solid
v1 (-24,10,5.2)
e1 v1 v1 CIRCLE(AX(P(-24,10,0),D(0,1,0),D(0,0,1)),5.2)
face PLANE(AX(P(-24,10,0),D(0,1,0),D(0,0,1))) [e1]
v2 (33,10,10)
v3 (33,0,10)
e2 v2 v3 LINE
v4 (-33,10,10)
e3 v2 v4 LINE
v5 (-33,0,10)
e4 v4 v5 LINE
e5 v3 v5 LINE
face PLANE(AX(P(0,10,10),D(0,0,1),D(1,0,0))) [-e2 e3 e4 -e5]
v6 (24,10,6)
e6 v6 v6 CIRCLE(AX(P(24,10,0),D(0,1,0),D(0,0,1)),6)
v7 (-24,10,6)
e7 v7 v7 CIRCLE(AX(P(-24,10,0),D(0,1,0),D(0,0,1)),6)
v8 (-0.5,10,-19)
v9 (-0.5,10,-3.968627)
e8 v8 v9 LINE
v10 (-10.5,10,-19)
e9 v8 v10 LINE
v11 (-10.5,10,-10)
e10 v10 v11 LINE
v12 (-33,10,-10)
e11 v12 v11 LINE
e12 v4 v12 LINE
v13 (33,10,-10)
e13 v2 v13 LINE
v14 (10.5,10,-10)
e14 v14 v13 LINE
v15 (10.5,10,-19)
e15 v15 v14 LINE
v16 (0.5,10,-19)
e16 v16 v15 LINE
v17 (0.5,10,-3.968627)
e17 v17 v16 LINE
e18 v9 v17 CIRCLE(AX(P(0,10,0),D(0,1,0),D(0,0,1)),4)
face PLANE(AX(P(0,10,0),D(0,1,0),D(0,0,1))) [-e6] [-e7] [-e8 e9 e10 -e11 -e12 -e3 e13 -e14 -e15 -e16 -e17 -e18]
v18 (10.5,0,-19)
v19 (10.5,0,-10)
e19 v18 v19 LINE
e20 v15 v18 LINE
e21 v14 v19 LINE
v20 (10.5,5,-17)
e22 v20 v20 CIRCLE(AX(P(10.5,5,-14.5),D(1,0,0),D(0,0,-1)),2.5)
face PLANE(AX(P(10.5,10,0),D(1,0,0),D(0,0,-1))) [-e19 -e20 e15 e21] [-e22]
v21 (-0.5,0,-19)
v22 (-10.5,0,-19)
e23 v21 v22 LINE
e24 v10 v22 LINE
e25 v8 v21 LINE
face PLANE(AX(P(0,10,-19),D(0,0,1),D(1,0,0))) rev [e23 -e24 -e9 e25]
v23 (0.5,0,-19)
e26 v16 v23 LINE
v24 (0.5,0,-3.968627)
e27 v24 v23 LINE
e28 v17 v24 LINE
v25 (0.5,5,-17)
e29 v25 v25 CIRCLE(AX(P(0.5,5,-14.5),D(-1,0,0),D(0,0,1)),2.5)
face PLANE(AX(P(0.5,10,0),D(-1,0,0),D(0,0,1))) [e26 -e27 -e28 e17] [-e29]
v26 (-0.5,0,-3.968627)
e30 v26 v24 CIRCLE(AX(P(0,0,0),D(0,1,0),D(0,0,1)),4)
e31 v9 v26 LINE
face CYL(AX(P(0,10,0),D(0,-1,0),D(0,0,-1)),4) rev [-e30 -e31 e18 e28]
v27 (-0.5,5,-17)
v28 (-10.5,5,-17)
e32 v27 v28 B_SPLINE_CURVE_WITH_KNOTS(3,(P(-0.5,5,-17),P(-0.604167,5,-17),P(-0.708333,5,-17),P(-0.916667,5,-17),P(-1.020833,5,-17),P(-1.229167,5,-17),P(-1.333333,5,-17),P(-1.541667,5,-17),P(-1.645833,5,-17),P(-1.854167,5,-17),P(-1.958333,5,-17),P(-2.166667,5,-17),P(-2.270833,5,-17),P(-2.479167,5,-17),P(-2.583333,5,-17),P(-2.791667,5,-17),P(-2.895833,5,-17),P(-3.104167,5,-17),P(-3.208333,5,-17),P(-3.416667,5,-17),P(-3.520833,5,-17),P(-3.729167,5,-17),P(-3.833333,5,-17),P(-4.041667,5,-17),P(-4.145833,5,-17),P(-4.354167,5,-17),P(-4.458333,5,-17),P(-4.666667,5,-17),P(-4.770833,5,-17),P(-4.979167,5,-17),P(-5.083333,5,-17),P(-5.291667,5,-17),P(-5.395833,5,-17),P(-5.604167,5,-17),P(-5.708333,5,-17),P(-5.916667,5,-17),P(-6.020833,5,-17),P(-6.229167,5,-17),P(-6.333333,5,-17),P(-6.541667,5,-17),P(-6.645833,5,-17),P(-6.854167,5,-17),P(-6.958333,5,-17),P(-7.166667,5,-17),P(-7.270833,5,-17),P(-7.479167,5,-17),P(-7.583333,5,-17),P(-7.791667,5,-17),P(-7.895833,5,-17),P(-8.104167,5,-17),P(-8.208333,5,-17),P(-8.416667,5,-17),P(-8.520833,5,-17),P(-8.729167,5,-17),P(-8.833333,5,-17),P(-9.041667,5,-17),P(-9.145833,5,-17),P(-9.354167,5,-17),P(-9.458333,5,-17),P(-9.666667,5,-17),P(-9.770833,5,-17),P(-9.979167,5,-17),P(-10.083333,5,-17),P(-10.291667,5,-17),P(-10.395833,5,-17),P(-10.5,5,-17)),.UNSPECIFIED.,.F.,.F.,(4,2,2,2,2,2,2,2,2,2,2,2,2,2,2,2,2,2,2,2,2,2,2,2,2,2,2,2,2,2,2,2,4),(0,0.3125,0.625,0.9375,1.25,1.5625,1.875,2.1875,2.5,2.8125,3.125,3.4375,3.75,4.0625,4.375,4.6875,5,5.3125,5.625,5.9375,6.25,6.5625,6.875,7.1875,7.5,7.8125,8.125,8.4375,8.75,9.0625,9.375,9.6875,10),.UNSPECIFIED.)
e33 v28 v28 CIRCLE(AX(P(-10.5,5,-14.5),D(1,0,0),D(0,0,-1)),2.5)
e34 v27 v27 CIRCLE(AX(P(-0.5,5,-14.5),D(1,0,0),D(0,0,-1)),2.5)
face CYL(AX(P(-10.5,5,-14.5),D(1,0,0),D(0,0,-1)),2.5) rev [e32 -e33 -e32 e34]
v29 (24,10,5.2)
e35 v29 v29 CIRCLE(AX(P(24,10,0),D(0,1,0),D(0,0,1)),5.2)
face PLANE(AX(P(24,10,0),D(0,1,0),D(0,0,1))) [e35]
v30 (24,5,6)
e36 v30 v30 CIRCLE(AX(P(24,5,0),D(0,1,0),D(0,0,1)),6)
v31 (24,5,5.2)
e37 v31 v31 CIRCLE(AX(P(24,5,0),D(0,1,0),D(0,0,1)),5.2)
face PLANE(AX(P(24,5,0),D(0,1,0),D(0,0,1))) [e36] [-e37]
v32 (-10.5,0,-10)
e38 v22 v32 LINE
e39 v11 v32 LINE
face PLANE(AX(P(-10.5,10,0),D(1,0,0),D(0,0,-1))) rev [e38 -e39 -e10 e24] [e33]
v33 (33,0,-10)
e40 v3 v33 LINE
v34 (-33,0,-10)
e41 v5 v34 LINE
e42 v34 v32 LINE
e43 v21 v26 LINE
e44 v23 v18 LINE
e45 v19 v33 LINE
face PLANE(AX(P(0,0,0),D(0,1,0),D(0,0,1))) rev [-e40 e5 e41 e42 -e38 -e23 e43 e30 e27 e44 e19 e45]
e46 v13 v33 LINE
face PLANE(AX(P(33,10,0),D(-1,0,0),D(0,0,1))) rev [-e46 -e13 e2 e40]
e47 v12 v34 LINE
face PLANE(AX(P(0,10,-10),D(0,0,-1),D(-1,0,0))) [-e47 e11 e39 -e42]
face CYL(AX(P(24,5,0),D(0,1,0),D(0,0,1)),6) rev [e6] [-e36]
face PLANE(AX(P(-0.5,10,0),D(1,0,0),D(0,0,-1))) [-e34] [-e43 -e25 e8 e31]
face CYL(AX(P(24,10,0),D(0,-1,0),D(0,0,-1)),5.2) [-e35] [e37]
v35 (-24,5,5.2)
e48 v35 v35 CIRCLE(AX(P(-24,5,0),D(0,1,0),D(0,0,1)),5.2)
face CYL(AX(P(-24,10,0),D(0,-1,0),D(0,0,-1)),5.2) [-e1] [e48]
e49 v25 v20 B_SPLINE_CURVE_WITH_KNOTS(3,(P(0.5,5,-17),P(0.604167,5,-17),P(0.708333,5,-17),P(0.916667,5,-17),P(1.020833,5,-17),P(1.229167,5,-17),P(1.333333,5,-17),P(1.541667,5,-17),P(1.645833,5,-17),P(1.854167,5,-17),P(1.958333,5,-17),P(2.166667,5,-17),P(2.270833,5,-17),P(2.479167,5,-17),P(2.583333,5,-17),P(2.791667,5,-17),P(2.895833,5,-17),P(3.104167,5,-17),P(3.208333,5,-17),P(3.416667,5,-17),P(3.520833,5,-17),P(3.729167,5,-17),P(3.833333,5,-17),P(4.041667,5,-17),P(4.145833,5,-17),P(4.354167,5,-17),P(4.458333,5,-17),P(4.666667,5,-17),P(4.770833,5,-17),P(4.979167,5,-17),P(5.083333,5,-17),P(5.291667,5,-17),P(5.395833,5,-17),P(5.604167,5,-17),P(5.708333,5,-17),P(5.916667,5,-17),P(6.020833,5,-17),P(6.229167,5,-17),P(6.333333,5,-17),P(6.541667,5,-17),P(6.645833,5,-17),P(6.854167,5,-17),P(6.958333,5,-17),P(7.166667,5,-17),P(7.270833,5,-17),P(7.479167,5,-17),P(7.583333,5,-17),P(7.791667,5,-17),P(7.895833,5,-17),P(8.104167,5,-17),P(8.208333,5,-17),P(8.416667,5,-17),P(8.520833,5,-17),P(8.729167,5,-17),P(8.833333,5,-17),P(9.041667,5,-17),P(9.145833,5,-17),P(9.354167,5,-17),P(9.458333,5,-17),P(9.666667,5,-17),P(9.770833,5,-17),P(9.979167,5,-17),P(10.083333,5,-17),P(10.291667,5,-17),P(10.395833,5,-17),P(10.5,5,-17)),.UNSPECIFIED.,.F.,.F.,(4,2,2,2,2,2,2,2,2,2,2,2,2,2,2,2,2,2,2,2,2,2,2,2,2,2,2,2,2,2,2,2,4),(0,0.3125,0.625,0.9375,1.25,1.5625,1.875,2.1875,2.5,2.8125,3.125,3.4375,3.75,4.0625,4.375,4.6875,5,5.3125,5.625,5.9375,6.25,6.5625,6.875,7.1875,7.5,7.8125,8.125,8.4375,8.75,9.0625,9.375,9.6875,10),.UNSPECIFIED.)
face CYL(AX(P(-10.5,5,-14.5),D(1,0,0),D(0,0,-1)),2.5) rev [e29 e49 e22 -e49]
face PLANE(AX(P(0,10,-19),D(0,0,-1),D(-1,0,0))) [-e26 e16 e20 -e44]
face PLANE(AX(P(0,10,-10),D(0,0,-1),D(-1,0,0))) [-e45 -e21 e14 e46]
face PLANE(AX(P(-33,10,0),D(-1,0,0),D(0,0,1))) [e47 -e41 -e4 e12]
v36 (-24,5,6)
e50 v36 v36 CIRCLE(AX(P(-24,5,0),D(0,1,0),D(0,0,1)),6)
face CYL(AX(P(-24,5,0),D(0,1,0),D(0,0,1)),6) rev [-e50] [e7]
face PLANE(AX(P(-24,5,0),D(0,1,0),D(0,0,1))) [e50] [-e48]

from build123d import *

# Parameters (mm, degrees)
BOSS_EXTRUDE1_DEPTH = 10
SKETCH2_R           = 2.5
CUT_EXTRUDE1_DEPTH  = 21
SKETCH3_R           = 6
CUT_EXTRUDE2_DEPTH  = 5
SKETCH4_R           = 5.2
BOSS_EXTRUDE2_DEPTH = 5


with BuildPart() as part:
    # Sketch1 → Boss-Extrude1 (new body)
    with BuildSketch(Plane(origin=(0, 0, 0), x_dir=(1, 0, 0), z_dir=(0, 1, 0))):
        with BuildLine():
            Line((10.5, 19), (5.5, 19))
            Line((5.5, 19), (0.5, 19))
            Line((0.5, 19), (0.5, 14))
            Line((0.5, 14), (0.5, 4))
            Line((0.5, 4), (0.5, 3.968626967))
            ThreePointArc((0.5, 3.968626967), (3, 2.645751311), (4, 0))
            ThreePointArc((4, 0), (-2.645751311, -3), (-0.5, 3.968626967))
            Line((-0.5, 3.968626967), (-0.5, 4))
            Line((-0.5, 4), (-0.5, 14))
            Line((-0.5, 14), (-0.5, 19))
            Line((-0.5, 19), (-5.5, 19))
            Line((-5.5, 19), (-10.5, 19))
            Line((-10.5, 19), (-10.5, 10))
            Line((-10.5, 10), (-33, 10))
            Line((-33, 10), (-33, -10))
            Line((-33, -10), (-24, -10))
            Line((-24, -10), (24, -10))
            Line((24, -10), (33, -10))
            Line((33, -10), (33, 10))
            Line((33, 10), (10.5, 10))
            Line((10.5, 10), (10.5, 19))
        make_face()
    extrude(amount=BOSS_EXTRUDE1_DEPTH)

    # Sketch2 → Cut-Extrude1 (cut)
    with BuildSketch(Plane(origin=(10.5, 0, 0), x_dir=(0, 0, -1), z_dir=(1, 0, 0))):
        with Locations((14.5, 5)):
            Circle(SKETCH2_R)
    extrude(amount=-CUT_EXTRUDE1_DEPTH, mode=Mode.SUBTRACT)

    # Sketch3 → Cut-Extrude2 (cut)
    with BuildSketch(Plane(origin=(0, 10, 0), x_dir=(1, 0, 0), z_dir=(0, 1, 0))):
        with Locations(Location((24, 0, 0), (0, 0, 270))):
            Circle(SKETCH3_R)
        with Locations(Location((-24, 0, 0), (0, 0, 270))):
            Circle(SKETCH3_R)
    extrude(amount=-CUT_EXTRUDE2_DEPTH, mode=Mode.SUBTRACT)

    # Sketch4 → Boss-Extrude2 (add)
    with BuildSketch(Plane(origin=(0, 5, 0), x_dir=(1, 0, 0), z_dir=(0, 1, 0))):
        with Locations(Location((24, 0, 0), (0, 0, 270))):
            Circle(SKETCH4_R)
        with Locations(Location((-24, 0, 0), (0, 0, 270))):
            Circle(SKETCH4_R)
    extrude(amount=BOSS_EXTRUDE2_DEPTH)


solid = part.part
